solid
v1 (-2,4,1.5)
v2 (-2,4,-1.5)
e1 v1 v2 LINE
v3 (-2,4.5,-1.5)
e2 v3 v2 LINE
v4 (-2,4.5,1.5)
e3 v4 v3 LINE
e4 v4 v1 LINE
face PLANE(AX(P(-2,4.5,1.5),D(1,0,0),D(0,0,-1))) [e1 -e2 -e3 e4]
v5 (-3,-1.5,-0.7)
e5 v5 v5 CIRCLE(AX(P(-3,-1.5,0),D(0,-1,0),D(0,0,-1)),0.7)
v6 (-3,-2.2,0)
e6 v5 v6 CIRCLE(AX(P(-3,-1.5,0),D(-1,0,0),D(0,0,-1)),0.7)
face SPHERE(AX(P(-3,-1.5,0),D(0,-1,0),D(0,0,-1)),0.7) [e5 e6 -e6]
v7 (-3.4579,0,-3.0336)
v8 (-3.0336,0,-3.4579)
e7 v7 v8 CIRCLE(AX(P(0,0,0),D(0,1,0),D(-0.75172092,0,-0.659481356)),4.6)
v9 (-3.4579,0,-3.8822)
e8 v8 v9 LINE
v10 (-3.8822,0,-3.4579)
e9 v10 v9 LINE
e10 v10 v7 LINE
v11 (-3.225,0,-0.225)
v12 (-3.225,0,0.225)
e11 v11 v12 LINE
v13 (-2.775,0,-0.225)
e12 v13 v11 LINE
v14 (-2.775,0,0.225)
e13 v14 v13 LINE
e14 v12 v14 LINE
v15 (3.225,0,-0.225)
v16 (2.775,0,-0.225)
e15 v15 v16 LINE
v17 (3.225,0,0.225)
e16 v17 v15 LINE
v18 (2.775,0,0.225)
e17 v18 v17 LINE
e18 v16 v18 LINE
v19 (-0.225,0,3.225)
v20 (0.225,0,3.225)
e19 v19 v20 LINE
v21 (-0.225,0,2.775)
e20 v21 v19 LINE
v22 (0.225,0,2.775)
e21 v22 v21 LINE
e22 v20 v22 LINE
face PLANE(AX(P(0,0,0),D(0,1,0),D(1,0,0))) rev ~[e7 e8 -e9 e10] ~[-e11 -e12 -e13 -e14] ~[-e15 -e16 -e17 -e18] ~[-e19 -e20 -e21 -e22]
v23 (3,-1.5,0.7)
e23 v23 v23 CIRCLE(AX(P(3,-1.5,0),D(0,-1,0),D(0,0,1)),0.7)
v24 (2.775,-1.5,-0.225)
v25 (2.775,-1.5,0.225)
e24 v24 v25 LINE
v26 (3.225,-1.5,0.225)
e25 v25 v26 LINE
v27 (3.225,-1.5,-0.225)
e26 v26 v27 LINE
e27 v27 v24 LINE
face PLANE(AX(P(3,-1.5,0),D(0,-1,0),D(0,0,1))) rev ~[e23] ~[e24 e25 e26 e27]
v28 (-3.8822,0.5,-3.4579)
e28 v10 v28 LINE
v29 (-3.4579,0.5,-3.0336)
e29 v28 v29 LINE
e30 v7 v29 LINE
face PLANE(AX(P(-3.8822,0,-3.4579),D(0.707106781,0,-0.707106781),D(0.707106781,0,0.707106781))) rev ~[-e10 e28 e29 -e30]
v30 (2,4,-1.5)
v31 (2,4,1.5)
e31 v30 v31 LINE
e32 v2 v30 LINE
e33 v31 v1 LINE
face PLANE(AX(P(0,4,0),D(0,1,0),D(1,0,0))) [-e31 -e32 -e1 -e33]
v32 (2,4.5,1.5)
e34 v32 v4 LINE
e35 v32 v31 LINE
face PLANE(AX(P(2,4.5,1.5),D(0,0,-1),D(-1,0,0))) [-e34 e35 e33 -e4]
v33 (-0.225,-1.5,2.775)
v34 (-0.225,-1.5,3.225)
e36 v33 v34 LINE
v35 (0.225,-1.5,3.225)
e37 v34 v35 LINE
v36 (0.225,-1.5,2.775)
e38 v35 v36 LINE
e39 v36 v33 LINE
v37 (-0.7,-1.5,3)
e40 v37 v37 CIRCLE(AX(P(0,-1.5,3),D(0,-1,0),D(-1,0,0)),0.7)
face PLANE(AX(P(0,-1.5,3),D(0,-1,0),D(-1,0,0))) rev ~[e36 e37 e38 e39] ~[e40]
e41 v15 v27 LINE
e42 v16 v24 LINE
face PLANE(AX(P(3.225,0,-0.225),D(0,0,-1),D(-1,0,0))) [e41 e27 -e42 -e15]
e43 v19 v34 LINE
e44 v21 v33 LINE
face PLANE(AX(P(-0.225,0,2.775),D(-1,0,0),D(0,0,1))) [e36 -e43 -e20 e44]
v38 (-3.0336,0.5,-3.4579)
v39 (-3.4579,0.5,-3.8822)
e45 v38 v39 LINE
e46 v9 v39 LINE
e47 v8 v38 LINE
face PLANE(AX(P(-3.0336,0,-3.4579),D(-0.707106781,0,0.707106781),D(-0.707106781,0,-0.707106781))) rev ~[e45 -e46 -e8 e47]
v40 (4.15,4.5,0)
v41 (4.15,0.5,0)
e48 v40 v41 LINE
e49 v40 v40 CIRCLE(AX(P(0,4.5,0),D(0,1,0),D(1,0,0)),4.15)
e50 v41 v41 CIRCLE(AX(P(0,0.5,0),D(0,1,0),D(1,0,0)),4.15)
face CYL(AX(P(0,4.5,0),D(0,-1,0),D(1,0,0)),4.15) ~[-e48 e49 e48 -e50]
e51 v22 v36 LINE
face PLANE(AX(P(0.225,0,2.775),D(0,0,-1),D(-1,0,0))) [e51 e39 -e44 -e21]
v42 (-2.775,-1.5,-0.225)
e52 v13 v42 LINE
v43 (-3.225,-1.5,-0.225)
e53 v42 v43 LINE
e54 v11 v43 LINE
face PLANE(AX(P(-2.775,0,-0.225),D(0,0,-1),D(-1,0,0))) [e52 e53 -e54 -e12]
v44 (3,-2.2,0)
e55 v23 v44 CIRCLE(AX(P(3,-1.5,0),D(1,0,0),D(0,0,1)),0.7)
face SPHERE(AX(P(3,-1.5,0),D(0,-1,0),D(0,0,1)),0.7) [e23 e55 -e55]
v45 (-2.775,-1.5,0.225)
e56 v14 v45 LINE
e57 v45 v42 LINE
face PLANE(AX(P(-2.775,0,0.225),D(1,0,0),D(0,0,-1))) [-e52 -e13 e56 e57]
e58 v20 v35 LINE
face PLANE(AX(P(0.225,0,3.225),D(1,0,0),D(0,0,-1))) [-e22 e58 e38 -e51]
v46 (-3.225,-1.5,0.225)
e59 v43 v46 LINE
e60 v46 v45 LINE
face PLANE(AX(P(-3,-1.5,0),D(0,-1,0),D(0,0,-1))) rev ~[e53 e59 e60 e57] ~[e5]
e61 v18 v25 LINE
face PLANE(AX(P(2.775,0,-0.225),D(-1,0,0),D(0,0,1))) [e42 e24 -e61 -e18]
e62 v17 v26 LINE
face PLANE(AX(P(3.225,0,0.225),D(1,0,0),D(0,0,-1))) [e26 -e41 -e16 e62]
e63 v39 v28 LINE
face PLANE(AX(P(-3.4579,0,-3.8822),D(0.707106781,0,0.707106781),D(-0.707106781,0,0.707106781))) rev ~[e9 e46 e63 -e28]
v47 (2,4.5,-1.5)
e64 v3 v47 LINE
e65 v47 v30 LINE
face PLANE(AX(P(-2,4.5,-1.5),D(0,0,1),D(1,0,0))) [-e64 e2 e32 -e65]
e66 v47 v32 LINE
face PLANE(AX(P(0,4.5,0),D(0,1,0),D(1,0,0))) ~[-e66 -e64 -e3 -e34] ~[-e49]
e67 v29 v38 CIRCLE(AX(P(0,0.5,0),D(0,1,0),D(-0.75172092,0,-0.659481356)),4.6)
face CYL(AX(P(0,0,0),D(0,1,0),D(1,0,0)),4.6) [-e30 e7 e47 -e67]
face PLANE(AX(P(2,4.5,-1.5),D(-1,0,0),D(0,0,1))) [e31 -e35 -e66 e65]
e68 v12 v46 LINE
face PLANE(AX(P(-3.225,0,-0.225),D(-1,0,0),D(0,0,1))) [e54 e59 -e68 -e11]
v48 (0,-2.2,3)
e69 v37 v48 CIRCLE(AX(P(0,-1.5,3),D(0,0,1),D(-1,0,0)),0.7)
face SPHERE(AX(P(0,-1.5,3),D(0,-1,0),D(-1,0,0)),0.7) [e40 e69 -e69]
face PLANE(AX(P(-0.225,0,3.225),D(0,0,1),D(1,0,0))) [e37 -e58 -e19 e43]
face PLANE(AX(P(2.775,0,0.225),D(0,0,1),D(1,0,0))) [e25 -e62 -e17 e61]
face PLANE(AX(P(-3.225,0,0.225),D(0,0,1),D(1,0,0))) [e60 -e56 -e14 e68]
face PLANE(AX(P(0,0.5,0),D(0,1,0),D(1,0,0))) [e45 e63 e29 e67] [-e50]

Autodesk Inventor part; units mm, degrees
ref_plane "YZ Plane" through (0, 0, 0) normal (1, 0, 0) x (0, 1, 0)
ref_plane "XZ Plane" through (0, 0, 0) normal (0, 1, 0) x (-1, 0, 0)
sketch "Sketch1" plane through (0, 0, 0) normal (0, 0, 1) x (1, 0, 0)
  line L0 (0, 4.5) -> (4.15, 4.5)
  line L1 (4.15, 4.5) -> (4.15, 0.5)
  line L2 (4.6, 0) -> (0, 0)
  line L3 (0, 0) -> (0, 4.5)
  line L4 (4.6, 0) -> (4.6, 0.5)
  line L5 (4.6, 0.5) -> (4.15, 0.5)
  dimension "d0" = 4.15
  dimension "d2" = 0.5
  dimension "d3" = 4.6
  dimension "d5" = 4.5
revolve "Revolution1" add sketch "Sketch1" angle 360 about axis through (0, 0, 0) along (0, 1, 0)
sketch "Sketch2" plane through (0, 4.5, 0) normal (0, 1, 0) x (1, 0, 0)
  line L0 (-2, 1.5) -> (2, 1.5)
  line L1 (2, 1.5) -> (2, -1.5)
  line L2 (2, -1.5) -> (-2, -1.5)
  line L3 (-2, -1.5) -> (-2, 1.5)
  line L4 (-2, 1.5) -> (2, -1.5) construction
  line L5 (2, 1.5) -> (-2, -1.5) construction
  point P0 (0, 0)
  dimension "d7" = 4
  dimension "d8" = 3
extrude "Extrusion1" cut sketch "Sketch2" against normal blind 0.5
sketch "Sketch3" plane through (0, 0, 0) normal (0, -1, 0) x (1, 0, 0)
  line L0 (-0.225, 0.225) -> (0.225, 0.225)
  line L1 (0.225, 0.225) -> (0.225, -0.225)
  line L2 (0.225, -0.225) -> (-0.225, -0.225)
  line L3 (-0.225, -0.225) -> (-0.225, 0.225)
  line L4 (-0.225, 0.225) -> (0.225, -0.225) construction
  line L5 (0.225, 0.225) -> (-0.225, -0.225) construction
  line L6 (2.775, 0.225) -> (3.225, 0.225)
  line L7 (3.225, 0.225) -> (3.225, -0.225)
  line L8 (3.225, -0.225) -> (2.775, -0.225)
  line L9 (2.775, -0.225) -> (2.775, 0.225)
  line L10 (2.775, 0.225) -> (3.225, -0.225) construction
  line L11 (3.225, 0.225) -> (2.775, -0.225) construction
  line L12 (-3.225, 0.225) -> (-2.775, 0.225)
  line L13 (-2.775, 0.225) -> (-2.775, -0.225)
  line L14 (-2.775, -0.225) -> (-3.225, -0.225)
  line L15 (-3.225, -0.225) -> (-3.225, 0.225)
  line L16 (-3.225, 0.225) -> (-2.775, -0.225) construction
  line L17 (-2.775, 0.225) -> (-3.225, -0.225) construction
  line L18 (-0.225, 0.225) -> (0.225, 0.225)
  line L19 (0.225, 0.225) -> (0.225, -0.225)
  line L20 (0.225, -0.225) -> (-0.225, -0.225)
  line L21 (-0.225, -0.225) -> (-0.225, 0.225)
  line L22 (-0.225, 0.225) -> (0.225, -0.225) construction
  line L23 (0.225, 0.225) -> (-0.225, -0.225) construction
  line L24 (-0.225, 3.225) -> (0.225, 3.225)
  line L25 (0.225, 3.225) -> (0.225, 2.775)
  line L26 (0.225, 2.775) -> (-0.225, 2.775)
  line L27 (-0.225, 2.775) -> (-0.225, 3.225)
  line L28 (-0.225, 3.225) -> (0.225, 2.775) construction
  line L29 (0.225, 3.225) -> (-0.225, 2.775) construction
  point P0 (0, 0)
  point P1 (3, 0)
  point P2 (-3, 0)
  point P3 (0, 0)
  point P4 (0, 3)
  point P5 (0, 0)
  point P6 (0, 0)
  dimension "d11" = 0.45
  dimension "d12" = 0.45
  dimension "d15" = 3
  dimension "d18" = 3
  dimension "d26" = 0.45
  dimension "d27" = 0.45
  dimension "d28" = 3
extrude "Extrusion2" add sketch "Sketch3" along normal blind 2 contours L6 L7 L8 L9 | L12 L13 L14 L15 | L24 L25 L26 L27
sketch "Sketch4" plane through (0, 0, 0) normal (0, -1, 0) x (1, 0, 0)
  line L0 (0, 0) -> (-4.5837, -4.5837)
  line L1 (0, 0) -> (-2.6627, 0)
  circle A0 centre (0, 0) radius 4.6 projected
  line L2 (-3.0336, -3.4579) -> (-3.4579, -3.8822)
  line L3 (-3.4579, -3.8822) -> (-3.8822, -3.4579)
  line L4 (-3.8822, -3.4579) -> (-3.4579, -3.0336)
  point P0 (-3.67, -3.67)
  dimension "d29" = 45
  dimension "d30" = 0.6
  dimension "d31" = 0.6
extrude "Extrusion3" add sketch "Sketch4" against normal up to surface (0.5 mm away) contours A0 L2 L3 L0 | L0 L3 L4 A0
ref_plane "Work Plane1" through (-3, 0, -0.225) normal (-1, 0, 0) x (0, 0, 1)
sketch "Sketch6" plane through (-3, 0, -0.225) normal (-1, 0, 0) x (0, 0, 1)
  arc A0 (-0.475, -1.5) -> (0.225, -2.2) centre (0.225, -1.5) ccw
  line L0 (0, -2) -> (0.45, -2) projected
  line L1 (-0.475, -1.5) -> (0.225, -1.5)
  line L2 (0.225, -1.5) -> (0.225, -2.2)
  point P0 (0.225, 0)
  point P1 (0.225, -2)
  dimension "d36" = 0.5
  dimension "d37" = 0.7
revolve "Revolution2" add sketch "Sketch6" angle 360 about axis through (-3, -1.5, 0) along (0, -1, 0)
pattern_circular "Circular Pattern1" count 3 over 180 about axis through (0, 2.5, 0) along (0, 1, 0) of "Revolution2"
properties part number "PIR sensor RE200B"
